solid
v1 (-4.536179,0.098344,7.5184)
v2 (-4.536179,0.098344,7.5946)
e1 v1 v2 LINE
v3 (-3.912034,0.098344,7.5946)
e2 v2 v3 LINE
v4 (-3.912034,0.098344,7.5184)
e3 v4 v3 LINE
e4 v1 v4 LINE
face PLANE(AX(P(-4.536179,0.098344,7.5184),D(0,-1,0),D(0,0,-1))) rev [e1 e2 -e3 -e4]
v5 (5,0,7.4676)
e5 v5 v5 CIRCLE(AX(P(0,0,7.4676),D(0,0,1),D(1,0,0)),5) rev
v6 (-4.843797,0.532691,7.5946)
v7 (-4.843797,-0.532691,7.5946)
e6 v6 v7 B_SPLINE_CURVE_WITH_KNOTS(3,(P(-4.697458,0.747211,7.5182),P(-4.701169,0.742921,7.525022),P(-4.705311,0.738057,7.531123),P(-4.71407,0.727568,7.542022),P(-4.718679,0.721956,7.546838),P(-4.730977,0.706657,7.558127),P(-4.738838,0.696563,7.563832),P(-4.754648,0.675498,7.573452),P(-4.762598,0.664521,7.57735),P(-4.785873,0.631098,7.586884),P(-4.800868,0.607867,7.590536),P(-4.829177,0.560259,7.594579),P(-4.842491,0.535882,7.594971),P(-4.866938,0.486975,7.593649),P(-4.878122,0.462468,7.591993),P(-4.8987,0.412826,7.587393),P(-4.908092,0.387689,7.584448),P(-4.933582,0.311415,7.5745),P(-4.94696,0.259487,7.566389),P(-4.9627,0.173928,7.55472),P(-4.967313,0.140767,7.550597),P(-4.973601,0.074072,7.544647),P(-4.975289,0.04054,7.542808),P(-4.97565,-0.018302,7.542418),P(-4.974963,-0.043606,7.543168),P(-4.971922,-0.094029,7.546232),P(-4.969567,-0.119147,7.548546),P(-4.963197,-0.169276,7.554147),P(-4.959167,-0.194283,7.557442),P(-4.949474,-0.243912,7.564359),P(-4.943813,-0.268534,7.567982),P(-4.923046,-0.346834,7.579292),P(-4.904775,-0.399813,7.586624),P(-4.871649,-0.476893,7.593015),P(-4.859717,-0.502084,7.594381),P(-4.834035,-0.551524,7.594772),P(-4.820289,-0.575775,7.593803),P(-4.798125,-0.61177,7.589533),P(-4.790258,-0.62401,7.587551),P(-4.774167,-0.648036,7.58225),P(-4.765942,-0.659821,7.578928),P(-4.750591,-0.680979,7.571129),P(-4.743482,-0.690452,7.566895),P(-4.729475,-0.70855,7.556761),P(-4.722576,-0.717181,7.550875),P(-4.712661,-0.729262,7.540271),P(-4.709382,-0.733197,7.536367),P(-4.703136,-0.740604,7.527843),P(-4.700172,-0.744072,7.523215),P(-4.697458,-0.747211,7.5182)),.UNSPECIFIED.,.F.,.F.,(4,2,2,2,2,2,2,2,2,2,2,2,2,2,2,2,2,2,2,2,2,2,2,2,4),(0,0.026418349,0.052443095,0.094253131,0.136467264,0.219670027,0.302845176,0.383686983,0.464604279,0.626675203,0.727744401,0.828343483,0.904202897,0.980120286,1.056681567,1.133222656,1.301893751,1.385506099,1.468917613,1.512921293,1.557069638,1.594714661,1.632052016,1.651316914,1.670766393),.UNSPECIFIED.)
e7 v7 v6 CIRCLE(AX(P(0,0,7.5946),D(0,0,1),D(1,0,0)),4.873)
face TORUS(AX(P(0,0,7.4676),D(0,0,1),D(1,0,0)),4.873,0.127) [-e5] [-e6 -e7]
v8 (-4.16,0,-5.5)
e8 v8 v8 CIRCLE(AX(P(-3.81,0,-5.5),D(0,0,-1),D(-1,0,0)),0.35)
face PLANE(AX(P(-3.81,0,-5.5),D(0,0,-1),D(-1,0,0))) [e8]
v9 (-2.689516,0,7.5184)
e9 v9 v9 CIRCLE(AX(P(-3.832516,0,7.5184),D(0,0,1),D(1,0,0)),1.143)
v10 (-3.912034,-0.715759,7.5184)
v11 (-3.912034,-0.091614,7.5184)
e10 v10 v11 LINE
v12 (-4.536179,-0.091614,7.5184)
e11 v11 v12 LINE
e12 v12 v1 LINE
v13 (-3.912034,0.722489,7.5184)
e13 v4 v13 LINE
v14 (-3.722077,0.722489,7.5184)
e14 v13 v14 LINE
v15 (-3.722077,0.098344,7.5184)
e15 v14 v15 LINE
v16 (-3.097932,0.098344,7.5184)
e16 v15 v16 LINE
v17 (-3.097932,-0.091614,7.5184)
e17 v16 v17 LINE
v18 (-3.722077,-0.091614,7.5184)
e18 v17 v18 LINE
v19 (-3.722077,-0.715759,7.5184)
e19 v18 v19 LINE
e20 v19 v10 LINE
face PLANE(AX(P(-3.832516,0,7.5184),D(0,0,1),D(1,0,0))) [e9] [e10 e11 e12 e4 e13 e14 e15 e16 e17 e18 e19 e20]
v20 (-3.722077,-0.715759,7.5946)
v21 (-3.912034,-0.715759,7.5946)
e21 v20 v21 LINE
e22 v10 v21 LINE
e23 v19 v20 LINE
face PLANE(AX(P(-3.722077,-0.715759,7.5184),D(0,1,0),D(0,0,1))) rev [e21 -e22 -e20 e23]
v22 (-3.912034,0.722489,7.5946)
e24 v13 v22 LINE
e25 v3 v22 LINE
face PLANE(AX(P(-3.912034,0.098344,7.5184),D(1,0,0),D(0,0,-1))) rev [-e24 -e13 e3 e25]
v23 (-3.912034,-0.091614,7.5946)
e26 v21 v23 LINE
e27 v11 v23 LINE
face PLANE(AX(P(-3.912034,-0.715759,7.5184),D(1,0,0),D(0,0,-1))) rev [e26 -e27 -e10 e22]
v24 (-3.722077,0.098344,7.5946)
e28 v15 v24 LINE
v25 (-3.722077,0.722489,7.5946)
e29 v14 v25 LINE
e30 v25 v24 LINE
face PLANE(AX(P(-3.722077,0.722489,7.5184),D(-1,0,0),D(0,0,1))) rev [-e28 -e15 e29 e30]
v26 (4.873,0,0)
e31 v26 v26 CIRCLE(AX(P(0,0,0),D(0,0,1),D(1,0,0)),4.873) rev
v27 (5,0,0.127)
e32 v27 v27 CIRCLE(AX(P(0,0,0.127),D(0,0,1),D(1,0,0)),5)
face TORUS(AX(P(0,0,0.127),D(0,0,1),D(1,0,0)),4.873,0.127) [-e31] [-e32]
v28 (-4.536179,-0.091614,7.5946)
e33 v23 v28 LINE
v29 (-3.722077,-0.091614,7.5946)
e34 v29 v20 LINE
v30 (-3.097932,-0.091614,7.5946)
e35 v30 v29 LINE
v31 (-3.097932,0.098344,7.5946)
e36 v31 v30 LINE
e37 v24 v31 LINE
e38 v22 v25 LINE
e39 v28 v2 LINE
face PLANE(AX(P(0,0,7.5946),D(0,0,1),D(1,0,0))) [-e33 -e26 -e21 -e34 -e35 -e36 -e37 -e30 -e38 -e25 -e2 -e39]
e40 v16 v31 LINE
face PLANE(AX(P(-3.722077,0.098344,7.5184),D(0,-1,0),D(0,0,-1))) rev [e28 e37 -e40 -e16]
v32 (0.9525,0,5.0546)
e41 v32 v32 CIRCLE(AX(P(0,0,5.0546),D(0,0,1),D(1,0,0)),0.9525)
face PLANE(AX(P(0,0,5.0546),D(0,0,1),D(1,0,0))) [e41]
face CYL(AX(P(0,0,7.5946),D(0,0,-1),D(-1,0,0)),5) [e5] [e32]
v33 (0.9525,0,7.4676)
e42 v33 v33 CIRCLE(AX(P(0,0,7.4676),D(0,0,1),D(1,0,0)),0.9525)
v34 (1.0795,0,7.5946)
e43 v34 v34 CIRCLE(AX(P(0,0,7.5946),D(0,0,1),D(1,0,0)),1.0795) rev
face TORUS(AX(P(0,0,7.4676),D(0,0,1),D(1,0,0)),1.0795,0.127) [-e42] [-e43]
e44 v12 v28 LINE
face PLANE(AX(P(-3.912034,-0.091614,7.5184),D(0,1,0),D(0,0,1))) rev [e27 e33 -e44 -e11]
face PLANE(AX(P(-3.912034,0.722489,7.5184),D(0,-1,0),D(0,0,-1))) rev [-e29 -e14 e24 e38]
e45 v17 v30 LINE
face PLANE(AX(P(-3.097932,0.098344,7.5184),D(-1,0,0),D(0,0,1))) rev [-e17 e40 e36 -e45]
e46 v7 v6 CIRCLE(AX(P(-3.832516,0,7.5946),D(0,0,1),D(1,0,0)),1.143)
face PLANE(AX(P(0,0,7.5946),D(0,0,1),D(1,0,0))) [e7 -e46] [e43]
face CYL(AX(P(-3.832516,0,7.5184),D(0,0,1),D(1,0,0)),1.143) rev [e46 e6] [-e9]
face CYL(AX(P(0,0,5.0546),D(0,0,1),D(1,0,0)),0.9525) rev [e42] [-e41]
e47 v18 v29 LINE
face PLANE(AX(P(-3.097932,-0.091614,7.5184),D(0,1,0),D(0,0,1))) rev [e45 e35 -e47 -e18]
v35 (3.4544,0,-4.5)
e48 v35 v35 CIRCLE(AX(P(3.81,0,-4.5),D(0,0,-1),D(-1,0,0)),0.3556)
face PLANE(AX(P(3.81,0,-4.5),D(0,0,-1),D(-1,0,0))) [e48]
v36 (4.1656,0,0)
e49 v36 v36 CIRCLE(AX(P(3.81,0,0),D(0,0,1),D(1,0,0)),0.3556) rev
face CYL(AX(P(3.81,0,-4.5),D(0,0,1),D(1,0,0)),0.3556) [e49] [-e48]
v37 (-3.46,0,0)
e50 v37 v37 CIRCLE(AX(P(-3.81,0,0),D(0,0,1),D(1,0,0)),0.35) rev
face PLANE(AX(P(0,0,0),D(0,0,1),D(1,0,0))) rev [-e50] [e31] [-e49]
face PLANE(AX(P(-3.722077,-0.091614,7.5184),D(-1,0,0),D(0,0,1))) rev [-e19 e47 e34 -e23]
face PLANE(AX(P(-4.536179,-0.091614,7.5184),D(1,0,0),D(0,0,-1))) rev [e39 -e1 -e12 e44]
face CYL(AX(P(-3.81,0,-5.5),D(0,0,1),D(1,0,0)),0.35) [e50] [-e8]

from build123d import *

# Parameters (mm, degrees)
SKETCH2_R           = 5
BOSS_EXTRUDE1_DEPTH = 7.5946
SKETCH3_R           = 0.9525
CUT_EXTRUDE1_DEPTH  = 2.54
FILLET1_R           = 0.127
SKETCH4_R           = 0.35
BOSS_EXTRUDE2_DEPTH = 5.5
SKETCH7_R           = 0.3556
BOSS_EXTRUDE3_DEPTH = 4.5
SKETCH6_R           = 1.143
CUT_EXTRUDE3_DEPTH  = 0.0762


with BuildPart() as part:
    # Sketch2 → Boss-Extrude1 (new body)
    with BuildSketch(Plane.XY):
        Circle(SKETCH2_R)
    extrude(amount=BOSS_EXTRUDE1_DEPTH)

    # Sketch3 → Cut-Extrude1 (cut)
    with BuildSketch(Plane.XY.offset(7.5946)):
        Circle(SKETCH3_R)
    extrude(amount=-CUT_EXTRUDE1_DEPTH, mode=Mode.SUBTRACT)

    # Fillet1
    fillet1_edges = [part.edges().sort_by_distance(p)[0] for p in [
        (-0.9525, 0, 7.5946),
        (-5, 0, 0),
        (-5, 0, 7.5946),
    ]]
    fillet(fillet1_edges, radius=FILLET1_R)

    # Sketch4 → Boss-Extrude2 (add)
    with BuildSketch(Plane(origin=(0, 0, 0), x_dir=(-1, 0, 0), z_dir=(0, 0, -1))):
        with Locations((3.81, 0)):
            Circle(SKETCH4_R)
    extrude(amount=BOSS_EXTRUDE2_DEPTH)

    # Sketch7 → Boss-Extrude3 (add)
    with BuildSketch(Plane(origin=(0, 0, 0), x_dir=(-1, 0, 0), z_dir=(0, 0, -1))):
        with Locations((-3.81, 0)):
            Circle(SKETCH7_R)
    extrude(amount=BOSS_EXTRUDE3_DEPTH)

    # Sketch6 → Cut-Extrude3 (cut)
    with BuildSketch(Plane.XY.offset(7.5946)):
        with Locations((-3.832516077, 0)):
            Circle(SKETCH6_R)
        Polygon((-3.912034188, 0.09834359), (-3.912034188, 0.722488889), (-3.722076923, 0.722488889), (-3.722076923, 0.09834359), (-3.097931624, 0.09834359), (-3.097931624, -0.091613675), (-3.722076923, -0.091613675), (-3.722076923, -0.715758974), (-3.912034188, -0.715758974), (-3.912034188, -0.091613675), (-4.536179487, -0.091613675), (-4.536179487, 0.09834359), align=None, mode=Mode.SUBTRACT)
    extrude(amount=-CUT_EXTRUDE3_DEPTH, mode=Mode.SUBTRACT)


solid = part.part
